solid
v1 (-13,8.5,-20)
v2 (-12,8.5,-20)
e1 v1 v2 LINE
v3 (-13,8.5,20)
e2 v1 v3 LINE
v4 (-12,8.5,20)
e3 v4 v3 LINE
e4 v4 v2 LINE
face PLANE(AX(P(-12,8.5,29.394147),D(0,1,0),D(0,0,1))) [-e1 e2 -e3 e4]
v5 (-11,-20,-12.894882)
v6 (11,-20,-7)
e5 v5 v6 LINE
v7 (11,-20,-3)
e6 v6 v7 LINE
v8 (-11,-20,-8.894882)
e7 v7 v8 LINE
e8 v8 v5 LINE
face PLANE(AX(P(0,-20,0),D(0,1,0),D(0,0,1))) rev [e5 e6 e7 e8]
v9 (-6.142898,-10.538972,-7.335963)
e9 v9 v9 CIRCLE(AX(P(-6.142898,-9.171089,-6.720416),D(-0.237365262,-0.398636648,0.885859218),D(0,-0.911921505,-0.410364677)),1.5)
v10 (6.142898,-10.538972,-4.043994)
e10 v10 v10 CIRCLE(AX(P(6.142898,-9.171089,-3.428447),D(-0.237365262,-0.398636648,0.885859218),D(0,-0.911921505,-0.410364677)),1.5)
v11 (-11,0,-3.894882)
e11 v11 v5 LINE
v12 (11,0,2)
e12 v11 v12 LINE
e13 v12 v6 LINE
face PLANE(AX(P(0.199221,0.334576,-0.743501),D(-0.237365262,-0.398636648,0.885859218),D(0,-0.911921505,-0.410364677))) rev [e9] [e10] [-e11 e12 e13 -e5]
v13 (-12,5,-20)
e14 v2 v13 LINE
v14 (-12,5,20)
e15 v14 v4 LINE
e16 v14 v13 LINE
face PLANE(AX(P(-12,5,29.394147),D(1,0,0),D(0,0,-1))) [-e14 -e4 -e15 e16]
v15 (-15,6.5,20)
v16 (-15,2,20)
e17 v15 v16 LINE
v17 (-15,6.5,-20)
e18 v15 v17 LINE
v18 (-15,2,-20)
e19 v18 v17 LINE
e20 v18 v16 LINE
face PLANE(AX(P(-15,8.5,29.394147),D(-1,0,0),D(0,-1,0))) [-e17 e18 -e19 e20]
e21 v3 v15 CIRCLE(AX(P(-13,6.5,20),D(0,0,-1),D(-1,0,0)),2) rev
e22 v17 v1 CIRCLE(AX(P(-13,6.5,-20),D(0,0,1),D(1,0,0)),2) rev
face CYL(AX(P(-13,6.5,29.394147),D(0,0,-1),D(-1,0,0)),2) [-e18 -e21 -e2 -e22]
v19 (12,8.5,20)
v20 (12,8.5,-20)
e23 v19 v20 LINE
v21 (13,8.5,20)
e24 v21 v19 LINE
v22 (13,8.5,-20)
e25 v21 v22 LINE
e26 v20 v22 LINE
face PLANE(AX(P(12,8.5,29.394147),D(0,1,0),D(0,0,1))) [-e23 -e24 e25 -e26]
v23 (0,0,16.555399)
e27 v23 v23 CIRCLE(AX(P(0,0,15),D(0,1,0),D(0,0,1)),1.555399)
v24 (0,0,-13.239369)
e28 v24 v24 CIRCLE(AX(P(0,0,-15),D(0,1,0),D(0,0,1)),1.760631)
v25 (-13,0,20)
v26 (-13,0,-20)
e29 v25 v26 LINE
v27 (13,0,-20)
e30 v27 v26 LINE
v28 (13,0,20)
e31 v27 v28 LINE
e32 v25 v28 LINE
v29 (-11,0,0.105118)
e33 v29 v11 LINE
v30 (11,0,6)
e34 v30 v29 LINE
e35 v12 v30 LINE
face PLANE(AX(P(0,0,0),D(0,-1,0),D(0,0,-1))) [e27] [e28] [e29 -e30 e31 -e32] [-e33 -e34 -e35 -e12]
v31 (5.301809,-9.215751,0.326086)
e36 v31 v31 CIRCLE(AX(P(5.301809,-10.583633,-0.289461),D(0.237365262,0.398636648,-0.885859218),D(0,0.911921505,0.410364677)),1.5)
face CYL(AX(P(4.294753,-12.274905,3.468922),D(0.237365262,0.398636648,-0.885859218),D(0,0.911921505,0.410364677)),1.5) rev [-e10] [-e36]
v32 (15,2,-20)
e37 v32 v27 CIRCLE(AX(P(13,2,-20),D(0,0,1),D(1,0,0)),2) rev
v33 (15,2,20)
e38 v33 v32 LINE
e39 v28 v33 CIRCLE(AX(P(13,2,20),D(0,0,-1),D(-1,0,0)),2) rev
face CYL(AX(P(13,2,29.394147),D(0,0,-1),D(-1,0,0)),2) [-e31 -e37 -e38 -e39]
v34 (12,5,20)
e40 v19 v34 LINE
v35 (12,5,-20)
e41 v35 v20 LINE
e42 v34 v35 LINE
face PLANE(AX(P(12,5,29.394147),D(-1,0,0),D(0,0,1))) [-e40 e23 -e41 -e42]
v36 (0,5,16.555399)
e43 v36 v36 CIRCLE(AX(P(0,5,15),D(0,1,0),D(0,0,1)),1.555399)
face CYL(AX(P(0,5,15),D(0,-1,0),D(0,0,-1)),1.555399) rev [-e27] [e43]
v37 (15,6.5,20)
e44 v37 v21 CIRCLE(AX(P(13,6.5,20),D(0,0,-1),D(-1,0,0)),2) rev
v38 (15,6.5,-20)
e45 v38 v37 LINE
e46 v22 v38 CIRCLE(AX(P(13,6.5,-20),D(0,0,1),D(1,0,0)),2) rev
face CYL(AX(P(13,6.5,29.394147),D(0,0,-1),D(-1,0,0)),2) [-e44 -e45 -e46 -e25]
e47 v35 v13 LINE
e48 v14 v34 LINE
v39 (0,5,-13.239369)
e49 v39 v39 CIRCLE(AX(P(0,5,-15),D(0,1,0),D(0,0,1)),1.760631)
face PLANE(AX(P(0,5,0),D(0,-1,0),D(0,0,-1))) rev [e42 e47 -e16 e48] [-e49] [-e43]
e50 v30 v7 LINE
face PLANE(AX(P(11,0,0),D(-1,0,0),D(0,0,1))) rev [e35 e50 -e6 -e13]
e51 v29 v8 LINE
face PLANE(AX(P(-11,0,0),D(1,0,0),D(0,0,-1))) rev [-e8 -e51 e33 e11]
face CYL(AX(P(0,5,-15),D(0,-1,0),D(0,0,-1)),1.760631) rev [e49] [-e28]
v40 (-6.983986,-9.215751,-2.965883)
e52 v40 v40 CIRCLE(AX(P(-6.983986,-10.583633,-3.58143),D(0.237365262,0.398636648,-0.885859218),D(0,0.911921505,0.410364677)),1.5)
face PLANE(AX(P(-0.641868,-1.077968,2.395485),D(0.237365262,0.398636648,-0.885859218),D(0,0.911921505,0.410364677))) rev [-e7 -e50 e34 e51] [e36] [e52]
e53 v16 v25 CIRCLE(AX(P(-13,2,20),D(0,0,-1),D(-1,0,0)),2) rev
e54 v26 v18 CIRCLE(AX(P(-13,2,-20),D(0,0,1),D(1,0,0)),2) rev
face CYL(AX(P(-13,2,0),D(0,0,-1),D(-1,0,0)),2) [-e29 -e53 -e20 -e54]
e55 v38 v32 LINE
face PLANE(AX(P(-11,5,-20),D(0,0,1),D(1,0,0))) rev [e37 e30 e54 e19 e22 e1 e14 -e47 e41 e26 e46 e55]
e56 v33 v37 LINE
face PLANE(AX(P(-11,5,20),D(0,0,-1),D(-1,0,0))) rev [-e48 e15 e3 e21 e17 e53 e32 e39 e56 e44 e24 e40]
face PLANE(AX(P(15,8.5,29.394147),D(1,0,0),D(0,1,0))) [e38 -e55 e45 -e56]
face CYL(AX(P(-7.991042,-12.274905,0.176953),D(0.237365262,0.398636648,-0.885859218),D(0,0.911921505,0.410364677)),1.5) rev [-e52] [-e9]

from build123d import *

# Parameters (mm, degrees)
SKETCH1_W           = 22
SKETCH1_H           = 40
SKETCH1_R           = 1.760631049
SKETCH1_R_2         = 1.555398854
BOSS_EXTRUDE1_DEPTH = 5
BOSS_EXTRUDE3_DEPTH = 40
FILLET1_R           = 2
SKETCH6_R           = 1.5
CUT_EXTRUDE1_DEPTH  = 3.543436874


with BuildPart() as part:
    # Sketch1 → Boss-Extrude1 (new body)
    with BuildSketch(Plane(origin=(0, 0, 0), x_dir=(1, 0, 0), z_dir=(0, 1, 0))):
        Rectangle(SKETCH1_W, SKETCH1_H)
        with Locations(Location((0, 15, 0), (0, 0, 270))):
            Circle(SKETCH1_R, mode=Mode.SUBTRACT)
        with Locations(Location((0, -15, 0), (0, 0, 270))):
            Circle(SKETCH1_R_2, mode=Mode.SUBTRACT)
    extrude(amount=BOSS_EXTRUDE1_DEPTH)

    # Sketch4 → Boss-Extrude3 (add)
    with BuildSketch(Plane(origin=(0, 0, -20), x_dir=(-1, 0, 0), z_dir=(0, 0, -1))):
        Polygon((-11, 5), (-12, 5), (-12, 8.5), (-15, 8.5), (-15, 0), (-11, 0), align=None)
        Polygon((11, 0), (11, 5), (12, 5), (12, 8.5), (15, 8.5), (15, 0), align=None)
    extrude(amount=-BOSS_EXTRUDE3_DEPTH)

    # Fillet1
    fillet1_edges = [part.edges().sort_by_distance(p)[0] for p in [
        (15, 0, 0),
        (15, 8.5, 0),
        (-15, 0, 0),
        (-15, 8.5, 0),
    ]]
    fillet(fillet1_edges, radius=FILLET1_R)

    # Sketch2 → Loft1 section 0
    with BuildSketch(Plane.XZ):
        with BuildLine():
            Line((-11, 0.105117767), (11, 6))
            Line((11, 6), (11, 2))
            Line((11, 2), (-11, -3.894882233))
            Line((-11, -3.894882233), (-11, 0.105117767))
        make_face()
    # Sketch5 → Loft1 section 1
    with BuildSketch(Plane(origin=(0, -20, 0), x_dir=(-1, 0, 0), z_dir=(0, -1, 0))):
        with BuildLine():
            Line((-11, 3), (-11, 7))
            Line((-11, 7), (11, 12.894882233))
            Line((11, 12.894882233), (11, 8.894882233))
            Line((11, 8.894882233), (-11, 3))
        make_face()
    loft()

    # Sketch6 → Cut-Extrude1 (cut)
    with BuildSketch(Plane(origin=(0.199220533, 0.334575519, -0.743501152), x_dir=(0.9714204714250083, -0.0974063192292946, 0.21645848717621446), z_dir=(-0.23736526219397533, -0.3986366483069058, 0.885859218459808))):
        with Locations(Location((6.11854216, -9.770227238, 0), (0, 0, 90))):
            Circle(SKETCH6_R)
        with Locations(Location((-6.528705502, -11.121135003, 0), (0, 0, 90))):
            Circle(SKETCH6_R)
    extrude(amount=CUT_EXTRUDE1_DEPTH, mode=Mode.SUBTRACT)


solid = part.part
